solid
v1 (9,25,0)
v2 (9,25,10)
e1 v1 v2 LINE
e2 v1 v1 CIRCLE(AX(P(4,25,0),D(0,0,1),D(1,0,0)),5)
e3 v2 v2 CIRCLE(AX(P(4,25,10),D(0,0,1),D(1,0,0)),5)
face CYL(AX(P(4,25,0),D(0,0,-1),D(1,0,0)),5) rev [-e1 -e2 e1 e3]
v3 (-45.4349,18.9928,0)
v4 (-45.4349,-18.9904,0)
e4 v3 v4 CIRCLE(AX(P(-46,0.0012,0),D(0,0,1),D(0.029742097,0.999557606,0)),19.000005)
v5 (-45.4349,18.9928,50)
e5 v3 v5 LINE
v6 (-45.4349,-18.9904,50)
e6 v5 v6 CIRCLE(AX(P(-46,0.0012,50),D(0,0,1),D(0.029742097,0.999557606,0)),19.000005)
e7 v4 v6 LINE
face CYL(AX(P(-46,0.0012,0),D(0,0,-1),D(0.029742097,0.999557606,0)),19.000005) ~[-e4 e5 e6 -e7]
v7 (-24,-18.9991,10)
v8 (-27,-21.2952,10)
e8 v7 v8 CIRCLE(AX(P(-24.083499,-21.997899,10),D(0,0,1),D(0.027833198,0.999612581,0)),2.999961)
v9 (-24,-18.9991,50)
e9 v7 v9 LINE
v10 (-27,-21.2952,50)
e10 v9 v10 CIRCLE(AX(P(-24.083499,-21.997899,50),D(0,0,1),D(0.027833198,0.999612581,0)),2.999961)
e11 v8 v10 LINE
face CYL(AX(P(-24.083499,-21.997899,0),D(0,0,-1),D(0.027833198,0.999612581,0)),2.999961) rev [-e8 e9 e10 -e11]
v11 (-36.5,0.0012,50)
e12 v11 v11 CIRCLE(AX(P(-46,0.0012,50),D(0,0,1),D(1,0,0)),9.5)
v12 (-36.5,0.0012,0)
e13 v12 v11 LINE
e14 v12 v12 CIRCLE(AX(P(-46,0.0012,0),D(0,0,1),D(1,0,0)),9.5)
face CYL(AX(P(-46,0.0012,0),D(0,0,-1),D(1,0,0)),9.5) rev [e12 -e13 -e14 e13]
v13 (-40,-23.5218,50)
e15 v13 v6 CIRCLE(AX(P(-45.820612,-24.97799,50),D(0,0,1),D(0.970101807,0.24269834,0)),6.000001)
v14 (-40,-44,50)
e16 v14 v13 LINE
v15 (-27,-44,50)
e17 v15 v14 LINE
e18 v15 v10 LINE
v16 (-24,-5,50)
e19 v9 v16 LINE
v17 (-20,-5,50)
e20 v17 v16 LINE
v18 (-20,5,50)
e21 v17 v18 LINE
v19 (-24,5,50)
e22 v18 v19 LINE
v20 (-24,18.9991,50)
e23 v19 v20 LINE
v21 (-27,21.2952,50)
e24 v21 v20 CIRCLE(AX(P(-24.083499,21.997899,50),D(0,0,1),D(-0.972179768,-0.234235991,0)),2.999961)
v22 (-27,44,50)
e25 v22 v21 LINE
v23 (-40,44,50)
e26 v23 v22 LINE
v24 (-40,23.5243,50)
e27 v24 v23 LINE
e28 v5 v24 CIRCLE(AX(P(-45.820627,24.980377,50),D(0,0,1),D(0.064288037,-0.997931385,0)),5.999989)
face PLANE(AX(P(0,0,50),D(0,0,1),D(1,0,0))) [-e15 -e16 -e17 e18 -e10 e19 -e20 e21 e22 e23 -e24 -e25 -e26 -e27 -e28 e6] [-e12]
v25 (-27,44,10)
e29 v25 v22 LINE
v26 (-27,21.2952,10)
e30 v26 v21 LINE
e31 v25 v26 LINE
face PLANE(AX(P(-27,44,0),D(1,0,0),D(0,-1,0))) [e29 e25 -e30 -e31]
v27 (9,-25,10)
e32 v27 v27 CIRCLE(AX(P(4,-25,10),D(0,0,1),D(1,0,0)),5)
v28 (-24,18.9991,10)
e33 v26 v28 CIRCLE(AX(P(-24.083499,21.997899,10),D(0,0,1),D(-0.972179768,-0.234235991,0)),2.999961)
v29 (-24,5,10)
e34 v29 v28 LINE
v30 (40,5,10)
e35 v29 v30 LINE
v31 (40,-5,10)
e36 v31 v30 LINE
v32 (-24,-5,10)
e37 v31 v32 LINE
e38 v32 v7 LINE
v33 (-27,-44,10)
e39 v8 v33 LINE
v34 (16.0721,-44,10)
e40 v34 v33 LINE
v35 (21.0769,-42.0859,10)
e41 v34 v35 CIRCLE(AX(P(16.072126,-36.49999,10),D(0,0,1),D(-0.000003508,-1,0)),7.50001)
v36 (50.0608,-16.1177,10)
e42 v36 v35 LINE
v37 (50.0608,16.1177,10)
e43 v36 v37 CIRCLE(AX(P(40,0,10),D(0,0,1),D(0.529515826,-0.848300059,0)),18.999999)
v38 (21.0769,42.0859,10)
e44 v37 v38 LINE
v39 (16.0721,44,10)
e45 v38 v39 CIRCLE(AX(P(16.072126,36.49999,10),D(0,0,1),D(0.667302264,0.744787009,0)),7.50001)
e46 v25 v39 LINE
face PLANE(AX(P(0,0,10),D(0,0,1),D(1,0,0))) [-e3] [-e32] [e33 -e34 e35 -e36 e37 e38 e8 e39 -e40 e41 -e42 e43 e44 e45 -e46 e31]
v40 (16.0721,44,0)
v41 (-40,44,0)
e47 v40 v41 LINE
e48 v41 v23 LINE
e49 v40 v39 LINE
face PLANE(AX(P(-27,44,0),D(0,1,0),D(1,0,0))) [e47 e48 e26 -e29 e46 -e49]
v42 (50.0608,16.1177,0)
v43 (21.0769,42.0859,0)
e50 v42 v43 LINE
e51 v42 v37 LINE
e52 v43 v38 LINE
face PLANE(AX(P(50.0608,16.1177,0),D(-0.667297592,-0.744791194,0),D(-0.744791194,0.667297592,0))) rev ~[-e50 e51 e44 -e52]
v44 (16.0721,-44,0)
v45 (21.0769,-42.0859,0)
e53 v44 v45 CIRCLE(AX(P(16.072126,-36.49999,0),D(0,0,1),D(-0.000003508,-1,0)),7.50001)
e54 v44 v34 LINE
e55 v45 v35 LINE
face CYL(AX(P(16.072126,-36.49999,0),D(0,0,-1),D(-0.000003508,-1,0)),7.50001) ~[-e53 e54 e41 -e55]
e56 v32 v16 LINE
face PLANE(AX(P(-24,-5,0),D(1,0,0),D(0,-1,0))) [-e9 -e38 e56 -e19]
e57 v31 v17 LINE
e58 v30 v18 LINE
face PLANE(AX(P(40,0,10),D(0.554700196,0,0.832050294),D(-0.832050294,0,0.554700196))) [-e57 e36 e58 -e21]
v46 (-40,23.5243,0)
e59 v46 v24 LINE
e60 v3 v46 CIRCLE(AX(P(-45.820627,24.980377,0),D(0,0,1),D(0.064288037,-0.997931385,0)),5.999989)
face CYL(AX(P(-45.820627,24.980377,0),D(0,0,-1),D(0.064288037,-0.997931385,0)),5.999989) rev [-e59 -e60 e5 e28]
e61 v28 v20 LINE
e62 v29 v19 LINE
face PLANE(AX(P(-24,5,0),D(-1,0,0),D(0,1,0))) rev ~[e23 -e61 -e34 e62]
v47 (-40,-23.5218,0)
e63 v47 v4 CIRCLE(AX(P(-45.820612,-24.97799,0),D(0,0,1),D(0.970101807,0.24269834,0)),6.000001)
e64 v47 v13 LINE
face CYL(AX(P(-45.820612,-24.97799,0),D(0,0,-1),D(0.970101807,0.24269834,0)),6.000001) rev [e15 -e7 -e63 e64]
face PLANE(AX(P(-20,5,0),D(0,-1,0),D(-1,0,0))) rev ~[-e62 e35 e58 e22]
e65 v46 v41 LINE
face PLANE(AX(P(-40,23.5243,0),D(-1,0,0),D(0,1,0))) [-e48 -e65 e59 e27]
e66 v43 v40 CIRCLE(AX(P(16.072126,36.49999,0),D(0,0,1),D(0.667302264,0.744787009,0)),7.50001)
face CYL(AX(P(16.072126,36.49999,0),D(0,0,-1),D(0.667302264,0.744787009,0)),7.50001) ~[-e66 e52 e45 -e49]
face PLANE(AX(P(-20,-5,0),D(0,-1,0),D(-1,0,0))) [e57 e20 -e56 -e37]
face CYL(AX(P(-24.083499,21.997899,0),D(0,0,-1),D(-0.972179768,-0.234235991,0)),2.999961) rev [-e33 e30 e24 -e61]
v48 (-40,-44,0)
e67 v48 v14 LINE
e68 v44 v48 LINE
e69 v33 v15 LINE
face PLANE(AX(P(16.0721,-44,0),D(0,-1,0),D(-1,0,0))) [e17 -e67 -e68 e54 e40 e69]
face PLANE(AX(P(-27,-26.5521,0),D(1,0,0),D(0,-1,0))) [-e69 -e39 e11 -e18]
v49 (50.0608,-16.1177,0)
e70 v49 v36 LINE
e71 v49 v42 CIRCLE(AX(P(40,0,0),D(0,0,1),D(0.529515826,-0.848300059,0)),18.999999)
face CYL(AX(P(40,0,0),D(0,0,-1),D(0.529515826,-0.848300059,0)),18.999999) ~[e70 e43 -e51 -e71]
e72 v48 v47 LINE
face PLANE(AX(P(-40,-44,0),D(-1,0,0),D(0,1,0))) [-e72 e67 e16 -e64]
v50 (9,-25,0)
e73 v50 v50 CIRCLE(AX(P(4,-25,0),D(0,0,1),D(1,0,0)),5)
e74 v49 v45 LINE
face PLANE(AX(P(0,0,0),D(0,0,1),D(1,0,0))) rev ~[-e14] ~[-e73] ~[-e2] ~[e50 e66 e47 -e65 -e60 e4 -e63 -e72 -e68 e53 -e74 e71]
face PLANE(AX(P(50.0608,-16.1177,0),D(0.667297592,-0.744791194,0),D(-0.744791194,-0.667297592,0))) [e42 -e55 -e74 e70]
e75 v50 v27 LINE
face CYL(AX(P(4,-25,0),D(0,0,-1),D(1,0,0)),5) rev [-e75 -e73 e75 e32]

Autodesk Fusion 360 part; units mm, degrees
sketch "Base_Sketch" plane through (0, 0, 0) normal (0, 0, 1) x (1, 0, 0)
  line L0 (-40, 44) -> (16.0721, 44)
  line L1 (16.0721, -44) -> (-40, -44)
  line L2 (-24, 5) -> (-24, 18.9991)
  line L3 (-24, -5) -> (-24, -18.9991)
  arc A0 (-27, 21.2952) -> (-24, 18.9991) centre (-24.0835, 21.9979) ccw
  line L4 (-27, 44) -> (-27, 21.2952)
  line L5 (-27, -21.2952) -> (-27, -44)
  arc A1 (-27, -17.4935) -> (-27, -17.4935) centre (-24.0728, -22.0228) ccw
  line L6 (-20, 0) -> (-20, 5)
  line L7 (-20, 5) -> (-20, 0)
  line L8 (-20, 0) -> (-20, -5)
  line L9 (-20, 5) -> (-24, 5)
  line L10 (-20, -5) -> (-24, -5)
  circle A2 centre (-46, 0.0012) radius 9.5
  arc A3 (-45.4349, 18.9928) -> (-45.4349, -18.9904) centre (-46, 0.0012) ccw
  arc A4 (-45.4349, 18.9928) -> (-40, 23.5243) centre (-45.8206, 24.9804) ccw
  line L11 (-40, -44) -> (-40, -23.5218)
  line L12 (-40, 23.5243) -> (-40, 44)
  arc A5 (-40, -23.5218) -> (-45.4349, -18.9904) centre (-45.8206, -24.978) ccw
  arc A6 (-24, -18.9991) -> (-27, -21.2952) centre (-24.0835, -21.9979) ccw
  arc A7 (50.0608, -16.1177) -> (50.0608, 16.1177) centre (40, 0) ccw
  circle A8 centre (4, 25) radius 5
  circle A9 centre (4, -25) radius 5
  line L13 (50.0608, -16.1177) -> (21.0769, -42.0859)
  arc A10 (16.0721, -44) -> (21.0769, -42.0859) centre (16.0721, -36.5) ccw
  line L14 (50.0608, 16.1177) -> (21.0769, 42.0859)
  arc A11 (21.0769, 42.0859) -> (16.0721, 44) centre (16.0721, 36.5) ccw
  dimension "d3" = 13
  dimension "d7" = 3
  dimension "d9" = 4
  dimension "d11" = 19
  dimension "d12" = 38
  dimension "d13" = 12
  dimension "d14" = 38
  dimension "d19" = 10
  dimension "d22" = 7.5
extrude "Extrude1" add sketch "Base_Sketch" along normal blind 10 contours L0 L1 L2 L3 A0 L4 L5 A1 L6 L7 L8 L9 L10 A7 L13 A10 L14 A11 | L3 L5 A1 A6 picked at (-23.8485, -22.1321)
extrude "Extrude2" add sketch "Base_Sketch" along normal blind 50 contours L0 L1 L2 L3 A0 L4 L5 A1 L6 L7 L8 L9 L10 A3 A4 L11 L12 A5 | L3 L5 A1 A6 picked at (-28.5466, -20.9909)
sketch "Triangle_Sketch" plane through (0, 0, 0) normal (0, 1, 0) x (1, 0, 0)
  line L0 (-20, -50) -> (-20, -10)
  line L1 (-20, -10) -> (40, -10)
  line L2 (40, -10) -> (-20, -50)
  dimension "d27" = 60
extrude "Extrude3" add sketch "Triangle_Sketch" along normal mid plane 10
